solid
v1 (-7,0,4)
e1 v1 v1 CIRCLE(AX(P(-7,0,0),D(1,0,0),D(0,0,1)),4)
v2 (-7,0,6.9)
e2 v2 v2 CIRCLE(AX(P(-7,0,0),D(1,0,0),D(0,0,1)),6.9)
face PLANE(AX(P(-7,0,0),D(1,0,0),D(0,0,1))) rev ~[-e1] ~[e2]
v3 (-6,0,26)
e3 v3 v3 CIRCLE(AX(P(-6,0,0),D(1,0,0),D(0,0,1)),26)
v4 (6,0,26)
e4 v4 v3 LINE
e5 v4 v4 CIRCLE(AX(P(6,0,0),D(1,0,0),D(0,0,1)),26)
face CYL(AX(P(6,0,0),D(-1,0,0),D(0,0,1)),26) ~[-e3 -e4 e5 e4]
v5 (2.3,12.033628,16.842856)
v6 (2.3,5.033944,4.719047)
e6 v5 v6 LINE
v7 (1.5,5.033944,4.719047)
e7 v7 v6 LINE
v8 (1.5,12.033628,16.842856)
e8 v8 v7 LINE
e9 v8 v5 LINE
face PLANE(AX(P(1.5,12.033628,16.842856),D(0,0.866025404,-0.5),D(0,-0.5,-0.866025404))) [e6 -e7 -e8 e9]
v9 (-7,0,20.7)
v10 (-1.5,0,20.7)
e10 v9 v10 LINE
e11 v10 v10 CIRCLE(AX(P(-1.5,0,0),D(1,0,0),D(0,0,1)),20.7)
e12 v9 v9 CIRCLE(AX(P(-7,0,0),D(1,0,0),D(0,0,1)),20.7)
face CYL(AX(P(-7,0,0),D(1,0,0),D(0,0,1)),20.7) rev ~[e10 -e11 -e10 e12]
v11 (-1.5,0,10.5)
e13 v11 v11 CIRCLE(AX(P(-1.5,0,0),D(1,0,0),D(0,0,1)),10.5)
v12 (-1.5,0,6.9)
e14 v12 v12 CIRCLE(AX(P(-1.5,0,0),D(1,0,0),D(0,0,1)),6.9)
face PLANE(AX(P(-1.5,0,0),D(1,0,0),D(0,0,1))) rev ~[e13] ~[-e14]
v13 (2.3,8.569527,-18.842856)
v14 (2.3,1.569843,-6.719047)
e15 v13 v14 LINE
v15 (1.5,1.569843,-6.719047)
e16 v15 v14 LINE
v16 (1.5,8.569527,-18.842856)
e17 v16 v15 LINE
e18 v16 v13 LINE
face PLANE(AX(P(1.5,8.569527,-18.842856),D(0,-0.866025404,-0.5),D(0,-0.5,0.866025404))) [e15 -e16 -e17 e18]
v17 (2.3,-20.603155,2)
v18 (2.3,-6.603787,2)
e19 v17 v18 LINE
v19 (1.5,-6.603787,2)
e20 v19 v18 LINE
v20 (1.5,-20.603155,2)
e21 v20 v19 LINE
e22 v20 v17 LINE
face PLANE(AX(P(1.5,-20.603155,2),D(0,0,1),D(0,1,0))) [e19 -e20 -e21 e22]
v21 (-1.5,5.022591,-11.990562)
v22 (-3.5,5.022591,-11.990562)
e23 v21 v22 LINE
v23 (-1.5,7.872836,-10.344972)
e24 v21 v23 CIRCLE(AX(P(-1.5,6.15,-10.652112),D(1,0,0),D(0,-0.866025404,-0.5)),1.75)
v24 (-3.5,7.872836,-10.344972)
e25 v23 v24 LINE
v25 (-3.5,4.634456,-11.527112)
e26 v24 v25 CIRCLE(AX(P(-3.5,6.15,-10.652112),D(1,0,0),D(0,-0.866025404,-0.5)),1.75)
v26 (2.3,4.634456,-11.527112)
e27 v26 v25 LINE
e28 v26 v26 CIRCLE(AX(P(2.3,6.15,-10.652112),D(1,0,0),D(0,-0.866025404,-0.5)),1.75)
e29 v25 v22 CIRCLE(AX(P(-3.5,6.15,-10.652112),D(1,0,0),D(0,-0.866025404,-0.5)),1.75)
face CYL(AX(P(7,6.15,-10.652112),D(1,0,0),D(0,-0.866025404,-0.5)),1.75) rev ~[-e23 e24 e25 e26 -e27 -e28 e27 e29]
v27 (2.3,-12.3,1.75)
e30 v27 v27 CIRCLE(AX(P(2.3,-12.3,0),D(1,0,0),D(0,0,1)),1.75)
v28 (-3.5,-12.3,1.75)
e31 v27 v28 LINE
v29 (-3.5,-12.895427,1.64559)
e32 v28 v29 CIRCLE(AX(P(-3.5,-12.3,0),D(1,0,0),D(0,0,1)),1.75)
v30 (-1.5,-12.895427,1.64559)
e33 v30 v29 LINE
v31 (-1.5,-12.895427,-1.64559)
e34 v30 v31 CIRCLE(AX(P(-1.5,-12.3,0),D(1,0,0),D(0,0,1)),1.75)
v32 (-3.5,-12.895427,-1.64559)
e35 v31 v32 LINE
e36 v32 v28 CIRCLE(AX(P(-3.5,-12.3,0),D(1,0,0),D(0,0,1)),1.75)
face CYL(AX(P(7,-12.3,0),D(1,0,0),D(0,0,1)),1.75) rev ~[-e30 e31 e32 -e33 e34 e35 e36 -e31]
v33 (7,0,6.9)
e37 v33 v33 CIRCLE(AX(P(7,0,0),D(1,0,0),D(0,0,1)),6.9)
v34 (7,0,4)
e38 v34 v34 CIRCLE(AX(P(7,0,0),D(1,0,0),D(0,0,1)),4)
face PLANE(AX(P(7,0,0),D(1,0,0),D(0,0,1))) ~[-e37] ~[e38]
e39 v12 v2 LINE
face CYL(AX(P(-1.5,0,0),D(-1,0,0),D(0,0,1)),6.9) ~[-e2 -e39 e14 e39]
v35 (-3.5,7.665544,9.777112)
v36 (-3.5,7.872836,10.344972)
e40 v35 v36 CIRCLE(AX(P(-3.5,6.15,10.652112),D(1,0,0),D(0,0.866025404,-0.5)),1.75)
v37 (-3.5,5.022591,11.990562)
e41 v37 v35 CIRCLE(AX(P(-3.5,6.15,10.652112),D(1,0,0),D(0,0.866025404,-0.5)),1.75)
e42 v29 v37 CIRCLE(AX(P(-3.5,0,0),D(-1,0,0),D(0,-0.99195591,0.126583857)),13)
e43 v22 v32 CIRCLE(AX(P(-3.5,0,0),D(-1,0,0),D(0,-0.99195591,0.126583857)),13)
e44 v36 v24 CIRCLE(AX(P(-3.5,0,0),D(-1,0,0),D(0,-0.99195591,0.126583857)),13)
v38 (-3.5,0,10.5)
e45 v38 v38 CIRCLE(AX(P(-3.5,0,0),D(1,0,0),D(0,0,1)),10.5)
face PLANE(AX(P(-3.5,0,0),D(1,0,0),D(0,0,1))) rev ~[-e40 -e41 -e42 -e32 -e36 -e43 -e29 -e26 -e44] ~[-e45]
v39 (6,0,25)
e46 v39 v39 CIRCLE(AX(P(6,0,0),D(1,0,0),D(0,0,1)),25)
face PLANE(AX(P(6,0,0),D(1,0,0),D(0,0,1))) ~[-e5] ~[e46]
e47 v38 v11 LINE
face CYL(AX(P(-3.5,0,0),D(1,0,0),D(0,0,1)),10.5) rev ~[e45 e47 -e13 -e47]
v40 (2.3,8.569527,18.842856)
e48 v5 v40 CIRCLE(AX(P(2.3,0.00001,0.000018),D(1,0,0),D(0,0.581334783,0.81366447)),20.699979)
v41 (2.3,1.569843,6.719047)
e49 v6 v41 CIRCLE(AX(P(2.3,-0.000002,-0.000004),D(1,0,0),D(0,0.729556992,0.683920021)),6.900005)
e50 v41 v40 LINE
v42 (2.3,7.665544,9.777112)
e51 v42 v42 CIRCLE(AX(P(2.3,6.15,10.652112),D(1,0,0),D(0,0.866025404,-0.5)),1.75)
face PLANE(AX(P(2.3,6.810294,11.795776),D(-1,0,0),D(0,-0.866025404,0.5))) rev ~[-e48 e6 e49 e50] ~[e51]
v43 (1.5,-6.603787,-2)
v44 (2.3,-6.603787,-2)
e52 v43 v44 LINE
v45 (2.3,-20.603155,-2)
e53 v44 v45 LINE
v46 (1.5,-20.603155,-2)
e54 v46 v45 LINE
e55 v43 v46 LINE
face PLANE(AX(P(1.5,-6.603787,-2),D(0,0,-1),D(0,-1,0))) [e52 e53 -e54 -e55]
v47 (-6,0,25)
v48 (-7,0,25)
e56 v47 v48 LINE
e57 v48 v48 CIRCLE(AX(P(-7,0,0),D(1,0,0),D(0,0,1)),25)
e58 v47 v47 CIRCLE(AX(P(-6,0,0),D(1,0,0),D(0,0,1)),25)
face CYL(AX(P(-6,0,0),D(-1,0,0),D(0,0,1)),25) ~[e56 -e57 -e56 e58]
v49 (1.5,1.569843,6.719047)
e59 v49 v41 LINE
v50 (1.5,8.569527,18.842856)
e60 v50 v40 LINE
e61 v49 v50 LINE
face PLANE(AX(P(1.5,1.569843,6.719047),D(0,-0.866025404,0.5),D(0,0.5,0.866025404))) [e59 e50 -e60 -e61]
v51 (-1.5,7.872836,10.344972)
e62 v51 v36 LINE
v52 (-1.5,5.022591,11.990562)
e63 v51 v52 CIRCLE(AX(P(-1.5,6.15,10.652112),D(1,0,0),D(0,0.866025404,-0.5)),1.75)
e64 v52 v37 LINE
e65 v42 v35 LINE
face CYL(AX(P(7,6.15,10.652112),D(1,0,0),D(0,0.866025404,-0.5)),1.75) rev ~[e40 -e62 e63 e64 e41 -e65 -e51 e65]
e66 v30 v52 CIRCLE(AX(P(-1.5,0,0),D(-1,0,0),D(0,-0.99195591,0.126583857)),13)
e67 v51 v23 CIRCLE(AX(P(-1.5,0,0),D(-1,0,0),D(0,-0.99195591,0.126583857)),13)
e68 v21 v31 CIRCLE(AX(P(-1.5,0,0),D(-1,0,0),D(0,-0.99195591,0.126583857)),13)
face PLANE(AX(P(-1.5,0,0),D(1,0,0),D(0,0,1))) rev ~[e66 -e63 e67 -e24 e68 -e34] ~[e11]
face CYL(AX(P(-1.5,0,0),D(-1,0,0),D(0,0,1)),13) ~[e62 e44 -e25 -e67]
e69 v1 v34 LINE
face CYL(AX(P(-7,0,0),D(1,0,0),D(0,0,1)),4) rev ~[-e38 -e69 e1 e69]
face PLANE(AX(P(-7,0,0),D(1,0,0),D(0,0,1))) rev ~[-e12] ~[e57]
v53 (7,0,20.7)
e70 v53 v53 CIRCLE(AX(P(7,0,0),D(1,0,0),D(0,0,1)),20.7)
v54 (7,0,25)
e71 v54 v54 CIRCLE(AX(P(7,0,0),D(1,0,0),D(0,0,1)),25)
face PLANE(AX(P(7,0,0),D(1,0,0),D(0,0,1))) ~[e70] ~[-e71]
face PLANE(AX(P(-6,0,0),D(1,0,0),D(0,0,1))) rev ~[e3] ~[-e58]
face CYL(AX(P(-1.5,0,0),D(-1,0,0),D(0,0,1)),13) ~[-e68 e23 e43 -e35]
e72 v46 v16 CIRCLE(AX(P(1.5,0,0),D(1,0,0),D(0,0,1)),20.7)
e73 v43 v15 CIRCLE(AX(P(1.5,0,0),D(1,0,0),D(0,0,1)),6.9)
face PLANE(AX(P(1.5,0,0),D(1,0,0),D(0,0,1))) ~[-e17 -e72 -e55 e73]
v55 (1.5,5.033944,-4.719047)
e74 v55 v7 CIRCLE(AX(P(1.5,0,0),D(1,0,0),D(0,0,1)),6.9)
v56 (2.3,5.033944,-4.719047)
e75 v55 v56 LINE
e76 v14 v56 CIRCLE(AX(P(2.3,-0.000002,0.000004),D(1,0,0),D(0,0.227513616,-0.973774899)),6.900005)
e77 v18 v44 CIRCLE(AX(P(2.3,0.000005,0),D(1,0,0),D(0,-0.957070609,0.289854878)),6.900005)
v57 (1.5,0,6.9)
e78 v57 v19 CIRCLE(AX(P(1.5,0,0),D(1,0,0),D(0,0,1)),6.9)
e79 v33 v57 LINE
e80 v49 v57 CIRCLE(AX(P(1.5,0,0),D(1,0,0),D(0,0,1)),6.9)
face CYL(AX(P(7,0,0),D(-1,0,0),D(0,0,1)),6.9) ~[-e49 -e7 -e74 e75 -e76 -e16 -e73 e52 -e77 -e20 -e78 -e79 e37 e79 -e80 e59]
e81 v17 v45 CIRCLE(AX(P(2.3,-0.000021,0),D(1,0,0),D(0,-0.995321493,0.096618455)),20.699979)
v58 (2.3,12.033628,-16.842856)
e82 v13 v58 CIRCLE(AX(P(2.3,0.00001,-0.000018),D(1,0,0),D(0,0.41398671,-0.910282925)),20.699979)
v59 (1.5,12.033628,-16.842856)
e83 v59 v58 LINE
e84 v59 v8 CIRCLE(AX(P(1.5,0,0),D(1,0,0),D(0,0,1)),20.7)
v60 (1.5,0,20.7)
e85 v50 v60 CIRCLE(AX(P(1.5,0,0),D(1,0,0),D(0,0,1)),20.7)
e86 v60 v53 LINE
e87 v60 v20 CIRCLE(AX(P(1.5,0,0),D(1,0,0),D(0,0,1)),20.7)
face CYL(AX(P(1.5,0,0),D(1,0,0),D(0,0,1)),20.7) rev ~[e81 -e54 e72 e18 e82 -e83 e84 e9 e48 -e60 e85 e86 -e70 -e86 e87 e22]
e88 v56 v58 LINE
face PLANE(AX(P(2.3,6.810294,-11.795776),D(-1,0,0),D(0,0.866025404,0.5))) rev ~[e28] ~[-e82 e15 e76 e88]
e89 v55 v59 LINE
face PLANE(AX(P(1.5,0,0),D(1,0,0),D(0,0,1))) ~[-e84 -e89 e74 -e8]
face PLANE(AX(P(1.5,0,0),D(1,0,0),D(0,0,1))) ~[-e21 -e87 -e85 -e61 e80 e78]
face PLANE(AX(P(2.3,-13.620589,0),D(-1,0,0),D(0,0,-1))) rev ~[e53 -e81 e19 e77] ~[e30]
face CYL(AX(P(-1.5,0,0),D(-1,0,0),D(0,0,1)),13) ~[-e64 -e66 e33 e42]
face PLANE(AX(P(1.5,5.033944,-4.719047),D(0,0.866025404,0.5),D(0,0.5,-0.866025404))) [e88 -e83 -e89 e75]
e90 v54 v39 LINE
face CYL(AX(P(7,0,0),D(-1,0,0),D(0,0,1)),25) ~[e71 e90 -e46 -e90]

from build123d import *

# Parameters (mm, degrees)
PAD_DEPTH             = 0.8
POLARPATTERN_COUNT    = 3
SKETCH002_R           = 1.75
POCKET_DEPTH          = 163.720738
POLARPATTERN001_COUNT = 3


with BuildPart() as part:
    # Sketch → Revolution (revolve)
    with BuildSketch(Plane.XZ):
        Polygon((-7, 4), (7, 4), (7, 6.9), (1.5, 6.9), (1.5, 20.7), (7, 20.7), (7, 25), (6, 25), (6, 26), (-6, 26), (-6, 25), (-7, 25), (-7, 20.7), (-1.5, 20.7), (-1.5, 13), (-3.5, 13), (-3.5, 10.5), (-1.5, 10.5), (-1.5, 6.9), (-7, 6.9), align=None)
    revolve(axis=Axis((0, 0, 0), (1, 0, 0)))

    # Sketch001 (on Face4 of Revolution) → Pad (new body)
    with BuildSketch(Plane(origin=(1.5, 0, 0), x_dir=(0, 0, 1), z_dir=(1, 0, 0))):
        with BuildLine():
            Line((2, 20.603155), (2, 6.603787))
            ThreePointArc((2, 6.603787), (0, 6.9), (-2, 6.603787))
            Line((-2, 6.603787), (-2, 20.603155))
            ThreePointArc((2, 20.603155), (0, 20.7), (-2, 20.603155))
        make_face()
    pad = extrude(amount=PAD_DEPTH)

    # PolarPattern: Pad ×3 about axis
    polarpattern_axis = Axis((1.5, 0, 0), (1, 0, 0))
    for i in range(1, POLARPATTERN_COUNT):
        add(pad.rotate(polarpattern_axis, i * 360 / POLARPATTERN_COUNT))

    # Sketch002 (on Face22 of PolarPattern) → Pocket (cut, through all)
    with BuildSketch(Plane(origin=(7, 0, 0), x_dir=(0, 0, 1), z_dir=(1, 0, 0))):
        with Locations((0, 12.3)):
            Circle(SKETCH002_R)
    pocket = extrude(amount=-POCKET_DEPTH, mode=Mode.SUBTRACT)

    # PolarPattern001: Pocket ×3 about axis
    polarpattern001_axis = Axis((7, 0, 0), (1, 0, 0))
    for i in range(1, POLARPATTERN001_COUNT):
        add(pocket.rotate(polarpattern001_axis, i * 360 / POLARPATTERN001_COUNT), mode=Mode.SUBTRACT)


solid = part.part
